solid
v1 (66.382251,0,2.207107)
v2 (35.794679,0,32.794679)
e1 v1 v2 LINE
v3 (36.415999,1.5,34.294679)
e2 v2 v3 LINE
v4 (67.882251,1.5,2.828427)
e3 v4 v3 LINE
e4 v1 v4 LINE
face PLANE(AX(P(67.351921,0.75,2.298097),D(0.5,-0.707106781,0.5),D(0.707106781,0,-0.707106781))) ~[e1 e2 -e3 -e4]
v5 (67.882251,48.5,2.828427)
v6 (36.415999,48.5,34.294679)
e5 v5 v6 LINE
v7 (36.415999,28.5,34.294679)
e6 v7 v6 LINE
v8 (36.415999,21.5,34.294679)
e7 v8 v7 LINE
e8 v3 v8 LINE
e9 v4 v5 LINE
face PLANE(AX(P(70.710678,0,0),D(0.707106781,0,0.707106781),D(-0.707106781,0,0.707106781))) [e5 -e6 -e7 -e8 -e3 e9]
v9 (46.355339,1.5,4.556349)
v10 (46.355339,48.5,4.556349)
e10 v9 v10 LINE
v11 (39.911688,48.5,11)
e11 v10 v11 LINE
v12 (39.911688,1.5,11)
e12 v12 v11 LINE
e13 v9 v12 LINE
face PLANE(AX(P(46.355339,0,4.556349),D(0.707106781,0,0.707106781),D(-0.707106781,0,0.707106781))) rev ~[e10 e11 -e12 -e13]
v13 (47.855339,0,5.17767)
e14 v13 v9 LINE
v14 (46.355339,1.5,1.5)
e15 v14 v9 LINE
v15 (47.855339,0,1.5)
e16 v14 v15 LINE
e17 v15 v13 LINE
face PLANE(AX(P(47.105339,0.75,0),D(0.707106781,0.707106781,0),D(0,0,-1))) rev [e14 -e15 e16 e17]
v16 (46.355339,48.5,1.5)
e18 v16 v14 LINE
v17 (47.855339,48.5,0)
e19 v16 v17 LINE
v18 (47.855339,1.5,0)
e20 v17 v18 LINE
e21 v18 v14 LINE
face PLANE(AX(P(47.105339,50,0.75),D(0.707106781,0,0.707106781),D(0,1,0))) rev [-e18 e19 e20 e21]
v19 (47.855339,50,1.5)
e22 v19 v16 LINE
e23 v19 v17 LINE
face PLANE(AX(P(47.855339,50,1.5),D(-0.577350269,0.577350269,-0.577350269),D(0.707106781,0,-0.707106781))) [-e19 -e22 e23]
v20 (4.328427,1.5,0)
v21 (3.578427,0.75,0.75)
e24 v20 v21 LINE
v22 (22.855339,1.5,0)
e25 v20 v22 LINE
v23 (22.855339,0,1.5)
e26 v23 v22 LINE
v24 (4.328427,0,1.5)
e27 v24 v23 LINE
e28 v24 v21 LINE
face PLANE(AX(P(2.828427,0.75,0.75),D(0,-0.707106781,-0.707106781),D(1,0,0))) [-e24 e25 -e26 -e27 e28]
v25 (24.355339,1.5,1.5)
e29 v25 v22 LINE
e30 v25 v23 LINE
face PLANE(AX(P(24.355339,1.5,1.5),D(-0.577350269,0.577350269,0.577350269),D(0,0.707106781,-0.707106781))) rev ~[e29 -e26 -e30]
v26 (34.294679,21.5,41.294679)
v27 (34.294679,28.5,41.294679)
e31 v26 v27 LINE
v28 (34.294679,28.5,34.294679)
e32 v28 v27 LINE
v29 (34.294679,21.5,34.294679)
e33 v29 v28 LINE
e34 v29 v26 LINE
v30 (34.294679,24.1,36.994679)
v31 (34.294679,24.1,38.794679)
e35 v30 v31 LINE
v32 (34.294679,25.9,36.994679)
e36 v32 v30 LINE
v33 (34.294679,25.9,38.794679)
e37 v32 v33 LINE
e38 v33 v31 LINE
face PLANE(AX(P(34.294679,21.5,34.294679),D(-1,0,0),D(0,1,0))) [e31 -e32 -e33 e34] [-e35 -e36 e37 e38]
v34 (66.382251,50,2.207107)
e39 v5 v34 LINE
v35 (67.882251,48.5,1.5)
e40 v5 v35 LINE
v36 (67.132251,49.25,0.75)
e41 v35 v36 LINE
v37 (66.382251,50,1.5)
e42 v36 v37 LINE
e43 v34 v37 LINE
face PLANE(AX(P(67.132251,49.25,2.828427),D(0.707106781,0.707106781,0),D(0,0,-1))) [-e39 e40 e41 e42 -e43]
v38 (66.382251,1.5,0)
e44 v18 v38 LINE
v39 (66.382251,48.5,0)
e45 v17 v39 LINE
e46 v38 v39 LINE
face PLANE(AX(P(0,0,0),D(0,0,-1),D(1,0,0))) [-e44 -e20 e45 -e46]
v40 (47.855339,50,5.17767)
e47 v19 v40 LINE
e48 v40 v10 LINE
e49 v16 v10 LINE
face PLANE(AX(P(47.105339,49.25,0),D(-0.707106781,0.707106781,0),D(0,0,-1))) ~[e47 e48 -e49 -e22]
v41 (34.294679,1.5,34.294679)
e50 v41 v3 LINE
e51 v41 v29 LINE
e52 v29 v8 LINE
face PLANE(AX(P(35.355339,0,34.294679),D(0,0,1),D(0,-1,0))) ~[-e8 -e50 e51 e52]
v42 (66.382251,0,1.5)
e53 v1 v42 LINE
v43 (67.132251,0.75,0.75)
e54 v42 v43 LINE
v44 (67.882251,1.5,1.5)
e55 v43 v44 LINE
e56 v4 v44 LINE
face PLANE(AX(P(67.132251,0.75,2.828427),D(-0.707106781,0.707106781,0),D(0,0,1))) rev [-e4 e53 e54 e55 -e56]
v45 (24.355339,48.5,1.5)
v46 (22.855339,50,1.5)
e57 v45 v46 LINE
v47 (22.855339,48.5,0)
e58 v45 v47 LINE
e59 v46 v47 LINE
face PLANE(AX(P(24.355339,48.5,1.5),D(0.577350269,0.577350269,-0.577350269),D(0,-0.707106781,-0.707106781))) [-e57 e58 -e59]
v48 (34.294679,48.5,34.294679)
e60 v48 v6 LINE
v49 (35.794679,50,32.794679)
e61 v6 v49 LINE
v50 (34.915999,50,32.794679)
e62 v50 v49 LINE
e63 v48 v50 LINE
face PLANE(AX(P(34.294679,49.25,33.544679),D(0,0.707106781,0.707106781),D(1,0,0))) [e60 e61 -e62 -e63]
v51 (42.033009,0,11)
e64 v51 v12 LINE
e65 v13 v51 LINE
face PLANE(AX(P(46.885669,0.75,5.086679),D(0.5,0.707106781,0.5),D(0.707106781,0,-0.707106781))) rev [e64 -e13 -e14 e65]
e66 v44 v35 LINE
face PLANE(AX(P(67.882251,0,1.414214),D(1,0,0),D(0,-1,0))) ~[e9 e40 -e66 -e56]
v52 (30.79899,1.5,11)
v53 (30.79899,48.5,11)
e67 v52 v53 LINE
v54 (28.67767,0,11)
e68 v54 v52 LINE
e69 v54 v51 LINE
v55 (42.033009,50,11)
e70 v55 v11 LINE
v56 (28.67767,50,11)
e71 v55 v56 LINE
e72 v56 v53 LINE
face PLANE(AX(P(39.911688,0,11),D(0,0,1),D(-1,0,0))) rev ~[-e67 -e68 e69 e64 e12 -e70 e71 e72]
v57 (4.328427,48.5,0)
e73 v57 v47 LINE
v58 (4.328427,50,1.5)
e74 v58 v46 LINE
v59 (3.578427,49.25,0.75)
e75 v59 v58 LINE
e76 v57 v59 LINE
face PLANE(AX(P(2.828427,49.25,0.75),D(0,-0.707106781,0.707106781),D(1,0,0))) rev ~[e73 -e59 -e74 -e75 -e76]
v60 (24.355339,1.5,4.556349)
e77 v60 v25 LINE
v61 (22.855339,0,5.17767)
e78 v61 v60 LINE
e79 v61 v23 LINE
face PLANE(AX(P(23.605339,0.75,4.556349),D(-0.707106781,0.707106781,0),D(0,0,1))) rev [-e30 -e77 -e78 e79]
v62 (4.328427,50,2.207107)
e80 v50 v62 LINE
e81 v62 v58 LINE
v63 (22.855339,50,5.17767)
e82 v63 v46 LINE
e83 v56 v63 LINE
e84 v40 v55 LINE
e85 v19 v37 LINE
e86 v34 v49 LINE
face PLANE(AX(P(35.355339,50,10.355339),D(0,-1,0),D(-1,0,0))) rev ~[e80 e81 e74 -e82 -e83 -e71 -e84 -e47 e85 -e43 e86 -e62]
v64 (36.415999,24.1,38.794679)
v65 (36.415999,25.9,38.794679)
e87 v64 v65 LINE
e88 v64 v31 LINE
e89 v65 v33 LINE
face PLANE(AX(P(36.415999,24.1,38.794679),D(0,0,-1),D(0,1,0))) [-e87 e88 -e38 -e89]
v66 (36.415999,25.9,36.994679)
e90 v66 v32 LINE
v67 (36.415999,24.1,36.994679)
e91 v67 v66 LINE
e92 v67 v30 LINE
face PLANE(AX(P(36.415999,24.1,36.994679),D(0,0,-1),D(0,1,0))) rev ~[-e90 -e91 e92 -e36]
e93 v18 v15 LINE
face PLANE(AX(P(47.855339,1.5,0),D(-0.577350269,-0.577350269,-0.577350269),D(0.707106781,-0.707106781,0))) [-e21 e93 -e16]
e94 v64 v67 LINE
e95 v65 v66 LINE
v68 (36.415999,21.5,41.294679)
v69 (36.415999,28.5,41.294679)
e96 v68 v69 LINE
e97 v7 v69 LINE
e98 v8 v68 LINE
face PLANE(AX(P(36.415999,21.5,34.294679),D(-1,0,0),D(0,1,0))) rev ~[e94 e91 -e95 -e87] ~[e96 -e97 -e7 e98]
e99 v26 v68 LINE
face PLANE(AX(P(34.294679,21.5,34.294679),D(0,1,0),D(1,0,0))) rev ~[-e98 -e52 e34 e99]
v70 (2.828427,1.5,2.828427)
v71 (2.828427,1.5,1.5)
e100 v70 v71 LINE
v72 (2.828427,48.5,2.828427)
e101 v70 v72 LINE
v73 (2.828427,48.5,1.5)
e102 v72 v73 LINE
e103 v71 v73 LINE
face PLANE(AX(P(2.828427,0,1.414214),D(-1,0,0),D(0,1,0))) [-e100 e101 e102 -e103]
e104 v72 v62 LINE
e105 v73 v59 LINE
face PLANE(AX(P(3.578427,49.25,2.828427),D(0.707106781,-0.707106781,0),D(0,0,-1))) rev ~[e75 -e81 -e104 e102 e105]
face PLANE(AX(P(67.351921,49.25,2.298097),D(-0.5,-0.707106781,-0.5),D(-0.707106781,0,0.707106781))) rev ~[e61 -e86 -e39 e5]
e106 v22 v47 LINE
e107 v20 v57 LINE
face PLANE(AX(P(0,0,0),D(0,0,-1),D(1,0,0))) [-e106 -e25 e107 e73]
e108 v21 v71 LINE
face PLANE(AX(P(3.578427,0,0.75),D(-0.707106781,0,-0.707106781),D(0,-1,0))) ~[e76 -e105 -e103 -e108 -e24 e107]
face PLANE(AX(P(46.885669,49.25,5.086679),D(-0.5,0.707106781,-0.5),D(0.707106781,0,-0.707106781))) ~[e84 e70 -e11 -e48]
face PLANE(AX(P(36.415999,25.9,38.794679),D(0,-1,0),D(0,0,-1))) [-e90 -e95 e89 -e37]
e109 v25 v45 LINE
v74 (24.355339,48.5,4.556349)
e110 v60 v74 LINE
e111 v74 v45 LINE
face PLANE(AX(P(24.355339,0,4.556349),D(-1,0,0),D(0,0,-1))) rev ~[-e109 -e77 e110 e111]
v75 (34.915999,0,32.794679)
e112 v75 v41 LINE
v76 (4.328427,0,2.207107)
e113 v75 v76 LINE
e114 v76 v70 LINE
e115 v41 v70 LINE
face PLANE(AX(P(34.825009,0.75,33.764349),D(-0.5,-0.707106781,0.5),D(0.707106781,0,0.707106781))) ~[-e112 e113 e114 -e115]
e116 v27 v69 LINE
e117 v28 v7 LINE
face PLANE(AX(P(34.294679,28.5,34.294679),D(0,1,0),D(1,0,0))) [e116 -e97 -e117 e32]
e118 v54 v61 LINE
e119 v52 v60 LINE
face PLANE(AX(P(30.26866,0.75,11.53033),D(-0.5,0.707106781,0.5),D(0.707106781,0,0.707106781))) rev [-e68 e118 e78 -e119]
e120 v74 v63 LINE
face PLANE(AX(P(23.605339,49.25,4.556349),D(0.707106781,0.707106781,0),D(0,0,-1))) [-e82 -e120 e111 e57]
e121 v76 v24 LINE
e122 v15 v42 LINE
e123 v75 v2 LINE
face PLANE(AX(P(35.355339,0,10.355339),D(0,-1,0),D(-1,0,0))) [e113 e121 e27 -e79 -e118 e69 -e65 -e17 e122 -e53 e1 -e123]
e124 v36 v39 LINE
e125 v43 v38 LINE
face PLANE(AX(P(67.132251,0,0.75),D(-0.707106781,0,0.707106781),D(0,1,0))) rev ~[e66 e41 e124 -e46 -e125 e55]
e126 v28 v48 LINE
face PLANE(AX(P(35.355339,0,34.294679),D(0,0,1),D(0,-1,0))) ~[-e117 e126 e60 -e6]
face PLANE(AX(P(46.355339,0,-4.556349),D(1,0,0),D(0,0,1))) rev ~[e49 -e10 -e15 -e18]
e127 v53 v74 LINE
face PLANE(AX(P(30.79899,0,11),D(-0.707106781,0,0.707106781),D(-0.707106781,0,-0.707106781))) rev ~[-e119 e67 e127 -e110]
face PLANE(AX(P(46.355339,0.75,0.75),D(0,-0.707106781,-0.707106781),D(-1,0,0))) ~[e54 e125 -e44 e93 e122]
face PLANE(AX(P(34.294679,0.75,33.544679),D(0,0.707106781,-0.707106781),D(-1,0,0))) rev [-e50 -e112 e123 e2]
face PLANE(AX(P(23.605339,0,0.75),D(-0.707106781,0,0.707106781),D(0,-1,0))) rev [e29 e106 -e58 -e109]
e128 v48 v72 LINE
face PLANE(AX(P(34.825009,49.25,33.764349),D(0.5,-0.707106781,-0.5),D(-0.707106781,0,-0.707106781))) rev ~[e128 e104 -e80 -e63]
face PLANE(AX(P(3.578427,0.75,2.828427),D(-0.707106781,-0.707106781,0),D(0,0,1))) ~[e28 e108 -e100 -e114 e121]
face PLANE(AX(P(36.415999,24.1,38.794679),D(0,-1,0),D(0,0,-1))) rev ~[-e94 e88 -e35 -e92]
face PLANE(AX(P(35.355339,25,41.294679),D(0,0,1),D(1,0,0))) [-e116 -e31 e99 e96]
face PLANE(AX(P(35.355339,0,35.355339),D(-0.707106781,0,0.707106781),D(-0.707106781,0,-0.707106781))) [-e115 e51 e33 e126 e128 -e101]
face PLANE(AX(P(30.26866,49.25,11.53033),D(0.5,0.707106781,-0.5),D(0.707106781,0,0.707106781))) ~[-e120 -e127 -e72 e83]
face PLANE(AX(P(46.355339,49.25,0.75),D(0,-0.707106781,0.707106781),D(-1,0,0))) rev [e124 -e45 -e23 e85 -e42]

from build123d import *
from OCP.BRepFilletAPI import BRepFilletAPI_MakeChamfer

# Parameters (mm, degrees)
BOSS_EXTRUDE1_DEPTH = 50
CUT_EXTRUDE3_DEPTH  = 94.541434669
CHAMFER2_SIZE       = 4
CHAMFER2_SIZE2      = 2.828427125
CHAMFER3_SIZE       = 1.5
CHAMFER4_SIZE       = 1.5
SKETCH6_W           = 2.121320343
SKETCH6_H           = 7
BOSS_EXTRUDE2_DEPTH = 7
SKETCH7_W           = 1.8
SKETCH7_H           = 1.8
CUT_EXTRUDE4_DEPTH  = 7


with BuildPart() as part:
    # Sketch4 → Boss-Extrude1 (new body)
    with BuildSketch(Plane(origin=(0, 0, 0), x_dir=(1, 0, 0), z_dir=(0, 1, 0))):
        Polygon((0, 0), (70.710678119, 0), (35.355339059, -35.355339059), align=None)
    extrude(amount=BOSS_EXTRUDE1_DEPTH)

    # Sketch5 → Cut-Extrude3 (cut, through all)
    with BuildSketch(Plane.XZ):
        Polygon((39.911688245, 11), (30.798989873, 11), (24.355339059, 4.556349186), (24.355339059, -4.556349186), (30.798989873, -11), (39.911688245, -11), (46.355339059, -4.556349186), (46.355339059, 4.556349186), align=None)
    extrude(amount=-CUT_EXTRUDE3_DEPTH, mode=Mode.SUBTRACT)

    # Chamfer2: one chamfer whose edges measure the first distance from different faces: ONE call of the kernel's chamfer builder (chamfer() names one face for all edges)
    chamfer2_edges_1 = [part.edges().sort_by_distance(p)[0] for p in [
        (0, 25, 0),
    ]]
    chamfer2_side_1 = [part.faces().sort_by_distance(p)[0] for p in [
        (17.67766953, 25, 17.67766953),
    ]]
    chamfer2_edges_2 = [part.edges().sort_by_distance(p)[0] for p in [
        (70.710678119, 25, 0),
    ]]
    chamfer2_side_2 = [part.faces().sort_by_distance(p)[0] for p in [
        (53.033008589, 25, 17.67766953),
    ]]
    chamfer2 = BRepFilletAPI_MakeChamfer(part.part.solid().wrapped)
    for e in chamfer2_edges_1:
        chamfer2.Add(CHAMFER2_SIZE, CHAMFER2_SIZE2, e.wrapped, chamfer2_side_1[0].wrapped)  # the first distance lies on this face
    for e in chamfer2_edges_2:
        chamfer2.Add(CHAMFER2_SIZE, CHAMFER2_SIZE2, e.wrapped, chamfer2_side_2[0].wrapped)  # the first distance lies on this face
    add(Compound.cast(chamfer2.Shape()), mode=Mode.REPLACE)

    # Chamfer3
    chamfer3_edges = [part.edges().sort_by_distance(p)[0] for p in [
        (13.591883092, 0, 0),
        (46.355339059, 0, 2.278174593),
        (13.591883092, 50, 0),
        (24.355339059, 0, 2.278174593),
        (43.133513652, 0, 7.778174593),
        (27.577164466, 0, 7.778174593),
        (46.355339059, 25, 0),
        (46.355339059, 50, 2.278174593),
        (24.355339059, 50, 2.278174593),
        (24.355339059, 25, 0),
        (43.133513652, 50, 7.778174593),
        (27.577164466, 50, 7.778174593),
        (57.118795027, 0, 0),
        (2.828427125, 25, 0),
        (57.118795027, 50, 0),
        (67.882250994, 25, 0),
        (35.355339059, 25, 35.355339059),
    ]]
    chamfer(chamfer3_edges, length=CHAMFER3_SIZE)

    # Chamfer4
    chamfer4_edges = [part.edges().sort_by_distance(p)[0] for p in [
        (18.561553006, 0, 18.561553006),
        (18.561553006, 50, 18.561553006),
        (2.828427125, 0, 2.164213562),
        (67.882250994, 50, 2.164213562),
        (2.828427125, 50, 2.164213562),
        (52.149125113, 50, 18.561553006),
        (35.355339059, 50, 34.294678888),
        (67.882250994, 0, 2.164213562),
        (52.149125113, 0, 18.561553006),
        (35.355339059, 0, 34.294678888),
    ]]
    chamfer(chamfer4_edges, length=CHAMFER4_SIZE)

    # Sketch6 → Boss-Extrude2 (add)
    with BuildSketch(Plane.XY.offset(34.294678888)):
        with Locations((35.355339059, 25)):
            Rectangle(SKETCH6_W, SKETCH6_H)
    extrude(amount=BOSS_EXTRUDE2_DEPTH)

    # Sketch7 → Cut-Extrude4 (cut)
    with BuildSketch(Plane(origin=(36.415999231, 0, 0), x_dir=(0, 0, -1), z_dir=(1, 0, 0))):
        with Locations((-37.894678888, 25)):
            Rectangle(SKETCH7_W, SKETCH7_H)
    extrude(amount=-CUT_EXTRUDE4_DEPTH, mode=Mode.SUBTRACT)


solid = part.part
